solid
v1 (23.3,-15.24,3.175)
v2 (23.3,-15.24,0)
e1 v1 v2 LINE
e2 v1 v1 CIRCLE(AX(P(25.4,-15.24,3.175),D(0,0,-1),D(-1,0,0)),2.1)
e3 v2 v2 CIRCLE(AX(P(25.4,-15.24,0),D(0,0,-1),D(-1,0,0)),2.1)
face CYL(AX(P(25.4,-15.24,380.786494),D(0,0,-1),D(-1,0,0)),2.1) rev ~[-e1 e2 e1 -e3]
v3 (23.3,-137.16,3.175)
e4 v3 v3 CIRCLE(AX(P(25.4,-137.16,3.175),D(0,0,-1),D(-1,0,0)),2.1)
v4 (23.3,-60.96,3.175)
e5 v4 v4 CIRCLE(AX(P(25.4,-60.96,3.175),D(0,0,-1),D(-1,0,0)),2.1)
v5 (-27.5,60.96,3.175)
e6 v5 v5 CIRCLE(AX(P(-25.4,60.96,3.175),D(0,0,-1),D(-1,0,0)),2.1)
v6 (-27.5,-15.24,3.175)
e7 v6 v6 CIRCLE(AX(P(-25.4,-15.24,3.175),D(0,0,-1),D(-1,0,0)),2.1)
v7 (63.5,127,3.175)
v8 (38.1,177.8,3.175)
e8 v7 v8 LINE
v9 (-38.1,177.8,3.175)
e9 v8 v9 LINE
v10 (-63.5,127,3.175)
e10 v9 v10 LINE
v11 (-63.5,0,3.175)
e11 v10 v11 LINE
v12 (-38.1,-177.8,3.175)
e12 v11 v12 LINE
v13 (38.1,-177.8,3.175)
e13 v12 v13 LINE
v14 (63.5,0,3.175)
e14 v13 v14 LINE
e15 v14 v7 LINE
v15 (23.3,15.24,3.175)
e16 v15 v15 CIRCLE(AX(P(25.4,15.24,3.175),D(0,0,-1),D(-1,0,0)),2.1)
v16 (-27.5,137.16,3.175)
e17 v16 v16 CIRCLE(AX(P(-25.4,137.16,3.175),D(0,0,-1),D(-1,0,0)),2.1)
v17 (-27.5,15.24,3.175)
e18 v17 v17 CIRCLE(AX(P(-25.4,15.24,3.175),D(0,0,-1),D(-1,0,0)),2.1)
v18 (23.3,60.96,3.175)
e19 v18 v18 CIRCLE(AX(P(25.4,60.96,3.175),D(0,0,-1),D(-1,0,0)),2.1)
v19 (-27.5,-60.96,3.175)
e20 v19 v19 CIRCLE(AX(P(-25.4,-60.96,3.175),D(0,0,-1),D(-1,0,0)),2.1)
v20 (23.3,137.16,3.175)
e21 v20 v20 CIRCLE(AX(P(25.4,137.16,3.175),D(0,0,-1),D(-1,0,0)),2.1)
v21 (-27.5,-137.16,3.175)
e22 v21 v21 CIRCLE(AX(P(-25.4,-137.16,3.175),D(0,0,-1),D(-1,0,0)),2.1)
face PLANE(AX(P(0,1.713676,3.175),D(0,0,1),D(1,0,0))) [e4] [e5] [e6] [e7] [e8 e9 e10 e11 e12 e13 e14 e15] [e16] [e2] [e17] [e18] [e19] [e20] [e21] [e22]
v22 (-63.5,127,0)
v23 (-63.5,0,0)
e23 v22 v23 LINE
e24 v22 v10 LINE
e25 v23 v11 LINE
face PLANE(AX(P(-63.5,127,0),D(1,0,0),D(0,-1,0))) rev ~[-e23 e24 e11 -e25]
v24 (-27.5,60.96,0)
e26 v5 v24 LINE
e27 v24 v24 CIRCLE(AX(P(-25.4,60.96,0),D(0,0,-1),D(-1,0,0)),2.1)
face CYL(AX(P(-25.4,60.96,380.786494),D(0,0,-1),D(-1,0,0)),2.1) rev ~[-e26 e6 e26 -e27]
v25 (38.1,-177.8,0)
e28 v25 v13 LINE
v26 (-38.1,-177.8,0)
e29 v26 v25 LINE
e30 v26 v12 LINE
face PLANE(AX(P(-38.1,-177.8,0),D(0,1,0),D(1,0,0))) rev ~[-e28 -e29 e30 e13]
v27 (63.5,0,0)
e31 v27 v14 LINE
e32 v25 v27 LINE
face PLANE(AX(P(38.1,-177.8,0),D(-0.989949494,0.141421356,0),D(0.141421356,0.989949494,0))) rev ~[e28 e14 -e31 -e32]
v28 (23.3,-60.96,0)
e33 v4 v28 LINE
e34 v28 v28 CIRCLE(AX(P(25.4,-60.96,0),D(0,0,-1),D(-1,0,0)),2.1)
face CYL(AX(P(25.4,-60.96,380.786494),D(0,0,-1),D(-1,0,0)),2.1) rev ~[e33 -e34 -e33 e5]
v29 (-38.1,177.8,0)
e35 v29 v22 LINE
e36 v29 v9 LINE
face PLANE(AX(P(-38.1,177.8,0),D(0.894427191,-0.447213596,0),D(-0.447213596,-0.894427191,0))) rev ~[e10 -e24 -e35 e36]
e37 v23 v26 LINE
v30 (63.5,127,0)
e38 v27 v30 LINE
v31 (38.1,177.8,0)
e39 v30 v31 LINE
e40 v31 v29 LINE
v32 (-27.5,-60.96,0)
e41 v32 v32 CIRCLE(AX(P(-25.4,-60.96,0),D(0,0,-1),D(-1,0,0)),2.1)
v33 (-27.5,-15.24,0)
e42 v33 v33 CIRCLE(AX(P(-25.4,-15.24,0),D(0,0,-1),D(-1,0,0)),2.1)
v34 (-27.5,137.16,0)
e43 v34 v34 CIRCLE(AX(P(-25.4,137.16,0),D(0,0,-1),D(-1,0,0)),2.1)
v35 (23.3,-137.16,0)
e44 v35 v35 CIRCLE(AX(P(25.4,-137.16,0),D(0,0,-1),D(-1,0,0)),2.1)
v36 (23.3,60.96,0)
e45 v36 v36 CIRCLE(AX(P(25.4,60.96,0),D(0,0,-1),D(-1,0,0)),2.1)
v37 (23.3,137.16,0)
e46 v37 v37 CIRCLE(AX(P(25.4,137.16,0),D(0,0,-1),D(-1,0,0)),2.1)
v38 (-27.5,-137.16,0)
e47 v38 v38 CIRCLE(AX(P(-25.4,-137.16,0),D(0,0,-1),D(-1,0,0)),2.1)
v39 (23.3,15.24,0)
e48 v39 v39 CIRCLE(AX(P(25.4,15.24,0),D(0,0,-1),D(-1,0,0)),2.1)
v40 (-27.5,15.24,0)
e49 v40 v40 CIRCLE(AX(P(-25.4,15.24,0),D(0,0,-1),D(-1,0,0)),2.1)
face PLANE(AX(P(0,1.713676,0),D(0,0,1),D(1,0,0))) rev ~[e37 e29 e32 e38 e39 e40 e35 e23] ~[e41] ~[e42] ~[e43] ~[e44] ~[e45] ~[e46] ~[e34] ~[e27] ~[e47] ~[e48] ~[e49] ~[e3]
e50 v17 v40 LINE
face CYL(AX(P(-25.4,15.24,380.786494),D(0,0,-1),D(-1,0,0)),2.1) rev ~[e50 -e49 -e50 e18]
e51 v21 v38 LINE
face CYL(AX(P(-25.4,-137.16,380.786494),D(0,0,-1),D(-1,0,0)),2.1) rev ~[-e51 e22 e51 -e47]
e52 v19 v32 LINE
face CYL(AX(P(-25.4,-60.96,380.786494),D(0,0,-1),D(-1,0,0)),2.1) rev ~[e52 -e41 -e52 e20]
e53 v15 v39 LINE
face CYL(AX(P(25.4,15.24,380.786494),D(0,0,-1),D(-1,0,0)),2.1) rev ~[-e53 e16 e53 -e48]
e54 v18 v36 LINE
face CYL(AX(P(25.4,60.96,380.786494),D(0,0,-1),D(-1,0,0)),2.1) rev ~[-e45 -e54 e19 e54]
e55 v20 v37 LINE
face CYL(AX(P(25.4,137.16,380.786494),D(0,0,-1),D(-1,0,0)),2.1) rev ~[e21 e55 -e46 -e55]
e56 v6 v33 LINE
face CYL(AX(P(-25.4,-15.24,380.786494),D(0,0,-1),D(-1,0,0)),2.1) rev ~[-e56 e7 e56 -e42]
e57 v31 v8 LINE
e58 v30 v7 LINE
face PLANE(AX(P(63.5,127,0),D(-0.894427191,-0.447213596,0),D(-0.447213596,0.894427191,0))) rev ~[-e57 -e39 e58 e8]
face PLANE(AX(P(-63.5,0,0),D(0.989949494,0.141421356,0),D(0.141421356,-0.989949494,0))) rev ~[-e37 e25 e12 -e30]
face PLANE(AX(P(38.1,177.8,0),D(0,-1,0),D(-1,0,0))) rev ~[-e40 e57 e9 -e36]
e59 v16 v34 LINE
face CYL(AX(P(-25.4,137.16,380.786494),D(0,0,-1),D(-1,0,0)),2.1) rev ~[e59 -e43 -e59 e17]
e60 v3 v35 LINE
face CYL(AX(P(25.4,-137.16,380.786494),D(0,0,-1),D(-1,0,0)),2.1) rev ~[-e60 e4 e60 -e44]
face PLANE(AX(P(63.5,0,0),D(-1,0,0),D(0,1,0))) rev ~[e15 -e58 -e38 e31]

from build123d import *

# Parameters (mm, degrees)
F1_DEPTH = 3.175
F3_D     = 4.2


with BuildPart() as f1:
    # F0 (on Top) → F1 (new body)
    with BuildSketch(Plane.XY):
        Polygon((38.1, -177.8), (63.5, 0), (63.5, 127), (38.1, 177.8), (-38.1, 177.8), (-63.5, 127), (-63.5, 0), (-38.1, -177.8), align=None)
    extrude(amount=F1_DEPTH)

    # F3 (through all)
    with Locations(Plane.XY.offset(3.175)):
        with Locations((-25.4, 137.16), (25.4, 137.16), (25.4, 60.96), (-25.4, 60.96), (-25.4, 15.24), (25.4, 15.24), (25.4, -60.96), (-25.4, -60.96), (-25.4, -137.16), (25.4, -137.16), (-25.4, -15.24), (25.4, -15.24)):
            Hole(F3_D / 2)


solid = f1.part
